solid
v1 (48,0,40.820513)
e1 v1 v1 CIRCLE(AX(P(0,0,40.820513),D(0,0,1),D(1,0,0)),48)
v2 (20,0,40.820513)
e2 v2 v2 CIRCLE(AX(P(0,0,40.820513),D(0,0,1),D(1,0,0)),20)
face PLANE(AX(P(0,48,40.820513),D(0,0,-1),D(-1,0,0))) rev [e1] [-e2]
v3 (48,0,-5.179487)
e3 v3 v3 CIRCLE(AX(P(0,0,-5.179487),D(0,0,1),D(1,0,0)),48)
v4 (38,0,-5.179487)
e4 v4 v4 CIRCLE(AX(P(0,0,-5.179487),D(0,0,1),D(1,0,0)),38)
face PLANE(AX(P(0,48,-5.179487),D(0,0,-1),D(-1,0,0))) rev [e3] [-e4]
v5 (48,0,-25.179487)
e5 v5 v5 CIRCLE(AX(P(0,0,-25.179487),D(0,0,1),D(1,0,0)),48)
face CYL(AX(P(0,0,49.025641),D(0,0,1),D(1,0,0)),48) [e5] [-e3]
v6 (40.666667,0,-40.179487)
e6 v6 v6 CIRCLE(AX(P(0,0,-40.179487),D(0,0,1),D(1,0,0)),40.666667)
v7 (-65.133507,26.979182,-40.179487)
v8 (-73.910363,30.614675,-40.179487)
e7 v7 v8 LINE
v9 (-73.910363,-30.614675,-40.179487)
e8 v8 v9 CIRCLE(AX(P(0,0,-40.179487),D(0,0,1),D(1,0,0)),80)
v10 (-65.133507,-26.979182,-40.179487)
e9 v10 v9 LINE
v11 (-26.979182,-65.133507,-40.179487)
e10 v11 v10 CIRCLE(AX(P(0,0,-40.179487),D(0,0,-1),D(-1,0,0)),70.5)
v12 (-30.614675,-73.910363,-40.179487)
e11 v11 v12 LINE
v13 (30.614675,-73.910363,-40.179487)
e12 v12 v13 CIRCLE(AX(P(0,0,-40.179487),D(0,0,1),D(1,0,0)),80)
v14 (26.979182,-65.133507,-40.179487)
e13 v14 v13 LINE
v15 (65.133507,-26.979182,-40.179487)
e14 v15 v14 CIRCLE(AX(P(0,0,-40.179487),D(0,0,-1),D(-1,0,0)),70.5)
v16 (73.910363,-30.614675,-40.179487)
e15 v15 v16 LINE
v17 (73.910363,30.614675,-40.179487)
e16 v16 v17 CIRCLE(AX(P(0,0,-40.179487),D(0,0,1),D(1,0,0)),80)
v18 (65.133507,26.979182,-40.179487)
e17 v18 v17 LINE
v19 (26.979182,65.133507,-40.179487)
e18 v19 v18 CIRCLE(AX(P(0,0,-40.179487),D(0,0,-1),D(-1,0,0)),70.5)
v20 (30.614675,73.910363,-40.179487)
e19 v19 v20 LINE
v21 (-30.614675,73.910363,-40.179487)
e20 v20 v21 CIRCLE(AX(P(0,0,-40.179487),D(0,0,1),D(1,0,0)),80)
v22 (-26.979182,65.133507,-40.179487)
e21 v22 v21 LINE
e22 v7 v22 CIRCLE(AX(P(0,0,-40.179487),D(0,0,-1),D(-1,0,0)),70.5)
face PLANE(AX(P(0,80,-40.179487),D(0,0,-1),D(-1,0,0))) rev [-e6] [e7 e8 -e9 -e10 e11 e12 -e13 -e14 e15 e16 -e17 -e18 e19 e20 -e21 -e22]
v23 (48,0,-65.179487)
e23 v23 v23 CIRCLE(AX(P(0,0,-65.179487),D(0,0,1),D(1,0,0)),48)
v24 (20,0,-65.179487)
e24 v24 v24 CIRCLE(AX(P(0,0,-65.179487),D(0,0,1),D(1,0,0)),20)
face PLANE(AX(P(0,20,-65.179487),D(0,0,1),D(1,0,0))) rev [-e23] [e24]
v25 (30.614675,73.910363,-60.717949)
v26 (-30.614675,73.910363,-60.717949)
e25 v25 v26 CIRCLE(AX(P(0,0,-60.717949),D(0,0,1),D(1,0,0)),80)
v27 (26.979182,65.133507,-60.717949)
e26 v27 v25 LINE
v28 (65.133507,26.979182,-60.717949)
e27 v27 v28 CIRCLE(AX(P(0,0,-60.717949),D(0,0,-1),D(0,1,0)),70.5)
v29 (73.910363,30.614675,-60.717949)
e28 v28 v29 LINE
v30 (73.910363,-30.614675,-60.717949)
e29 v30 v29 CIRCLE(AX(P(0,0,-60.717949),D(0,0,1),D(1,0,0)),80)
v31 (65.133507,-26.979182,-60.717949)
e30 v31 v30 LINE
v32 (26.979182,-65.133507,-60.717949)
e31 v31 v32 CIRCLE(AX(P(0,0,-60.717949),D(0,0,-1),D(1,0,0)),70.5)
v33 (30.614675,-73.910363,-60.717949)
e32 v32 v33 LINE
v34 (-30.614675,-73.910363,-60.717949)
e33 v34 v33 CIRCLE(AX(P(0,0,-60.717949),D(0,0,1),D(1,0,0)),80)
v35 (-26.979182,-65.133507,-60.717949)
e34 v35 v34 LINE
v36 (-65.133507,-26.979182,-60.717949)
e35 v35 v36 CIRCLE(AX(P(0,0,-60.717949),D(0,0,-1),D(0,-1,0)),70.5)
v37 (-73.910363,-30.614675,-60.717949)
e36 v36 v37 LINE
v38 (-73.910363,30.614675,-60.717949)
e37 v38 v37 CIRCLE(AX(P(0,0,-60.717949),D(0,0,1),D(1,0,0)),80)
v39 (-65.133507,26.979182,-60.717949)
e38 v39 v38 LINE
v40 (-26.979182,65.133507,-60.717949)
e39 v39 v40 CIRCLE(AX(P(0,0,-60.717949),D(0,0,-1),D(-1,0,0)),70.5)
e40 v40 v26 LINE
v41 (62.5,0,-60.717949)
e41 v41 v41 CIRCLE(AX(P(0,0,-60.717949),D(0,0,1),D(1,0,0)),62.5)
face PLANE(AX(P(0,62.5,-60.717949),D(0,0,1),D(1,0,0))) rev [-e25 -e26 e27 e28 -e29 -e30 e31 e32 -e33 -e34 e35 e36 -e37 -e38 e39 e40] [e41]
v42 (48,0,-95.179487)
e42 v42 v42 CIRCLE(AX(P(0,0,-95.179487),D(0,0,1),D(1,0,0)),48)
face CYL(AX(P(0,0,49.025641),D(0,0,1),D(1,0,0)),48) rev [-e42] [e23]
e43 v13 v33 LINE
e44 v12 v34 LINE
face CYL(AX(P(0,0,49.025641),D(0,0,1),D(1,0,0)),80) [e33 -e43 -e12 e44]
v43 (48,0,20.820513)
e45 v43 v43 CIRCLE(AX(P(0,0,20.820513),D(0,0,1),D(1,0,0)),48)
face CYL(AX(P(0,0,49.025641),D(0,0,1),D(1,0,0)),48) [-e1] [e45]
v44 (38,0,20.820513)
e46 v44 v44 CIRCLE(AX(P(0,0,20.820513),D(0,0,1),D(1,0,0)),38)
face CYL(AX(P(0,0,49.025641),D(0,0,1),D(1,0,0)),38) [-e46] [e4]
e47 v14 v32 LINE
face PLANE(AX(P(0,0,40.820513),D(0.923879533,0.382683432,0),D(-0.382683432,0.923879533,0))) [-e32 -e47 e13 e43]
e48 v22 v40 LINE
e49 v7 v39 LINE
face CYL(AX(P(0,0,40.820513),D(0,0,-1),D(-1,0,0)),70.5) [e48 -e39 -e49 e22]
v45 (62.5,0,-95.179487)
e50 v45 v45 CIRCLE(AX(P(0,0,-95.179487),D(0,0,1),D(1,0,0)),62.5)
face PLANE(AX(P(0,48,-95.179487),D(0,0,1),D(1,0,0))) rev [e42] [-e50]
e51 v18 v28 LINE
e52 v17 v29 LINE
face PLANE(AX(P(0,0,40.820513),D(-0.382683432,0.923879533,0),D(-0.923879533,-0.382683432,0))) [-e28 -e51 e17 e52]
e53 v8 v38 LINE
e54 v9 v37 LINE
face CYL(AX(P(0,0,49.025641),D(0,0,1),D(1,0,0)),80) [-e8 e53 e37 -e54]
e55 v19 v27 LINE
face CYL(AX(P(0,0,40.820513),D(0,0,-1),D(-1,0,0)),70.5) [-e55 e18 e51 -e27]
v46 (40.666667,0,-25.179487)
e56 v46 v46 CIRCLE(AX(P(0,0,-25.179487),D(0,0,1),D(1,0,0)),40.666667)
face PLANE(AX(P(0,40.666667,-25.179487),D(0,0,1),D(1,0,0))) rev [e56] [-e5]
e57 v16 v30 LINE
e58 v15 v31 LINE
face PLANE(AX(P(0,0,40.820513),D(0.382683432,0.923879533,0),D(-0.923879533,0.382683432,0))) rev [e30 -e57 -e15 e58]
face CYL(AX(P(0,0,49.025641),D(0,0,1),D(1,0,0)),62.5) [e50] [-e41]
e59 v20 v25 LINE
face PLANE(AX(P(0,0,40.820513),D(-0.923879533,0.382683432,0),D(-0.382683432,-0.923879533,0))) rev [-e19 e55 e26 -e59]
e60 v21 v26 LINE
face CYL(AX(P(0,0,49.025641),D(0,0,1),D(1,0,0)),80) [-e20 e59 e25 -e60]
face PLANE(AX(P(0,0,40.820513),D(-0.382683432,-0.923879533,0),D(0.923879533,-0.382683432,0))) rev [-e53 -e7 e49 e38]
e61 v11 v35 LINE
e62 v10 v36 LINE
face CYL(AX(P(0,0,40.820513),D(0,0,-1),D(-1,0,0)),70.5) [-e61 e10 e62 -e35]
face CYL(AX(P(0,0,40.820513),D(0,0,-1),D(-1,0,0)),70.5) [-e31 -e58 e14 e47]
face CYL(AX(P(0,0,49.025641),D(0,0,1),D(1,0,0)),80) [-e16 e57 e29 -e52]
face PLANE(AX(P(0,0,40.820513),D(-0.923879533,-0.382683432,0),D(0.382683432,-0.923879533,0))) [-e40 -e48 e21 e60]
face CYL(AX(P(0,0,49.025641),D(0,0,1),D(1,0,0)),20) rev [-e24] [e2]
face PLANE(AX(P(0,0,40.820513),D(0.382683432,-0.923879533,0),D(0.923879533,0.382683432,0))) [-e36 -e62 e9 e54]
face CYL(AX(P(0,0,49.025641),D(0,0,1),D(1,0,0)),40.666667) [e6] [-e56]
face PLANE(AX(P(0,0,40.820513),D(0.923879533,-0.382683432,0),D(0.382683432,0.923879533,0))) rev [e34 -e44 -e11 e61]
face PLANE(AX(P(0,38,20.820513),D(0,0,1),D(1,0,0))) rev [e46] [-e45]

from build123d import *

# Parameters (mm, degrees)
TAGLIO_ESTRUSIONE1_DEPTH    = 153.019930179
RIPETIZIONECIRCOLARE1_COUNT = 4


with BuildPart() as part:
    # Schizzo1 → Rivoluzione1 (revolve)
    with BuildSketch(Plane(origin=(0, 0, 0), x_dir=(0, 0, -1), z_dir=(1, 0, 0)), mode=Mode.PRIVATE) as rivoluzione1_sk:
        Polygon((-40.820512821, 20), (65.179487179, 20), (65.179487179, 48), (95.179487179, 48), (95.179487179, 62.5), (60.717948718, 62.5), (60.717948718, 80), (40.179487179, 80), (40.179487179, 40.666666667), (25.179487179, 40.666666667), (25.179487179, 48), (5.179487179, 48), (5.179487179, 38), (-20.820512821, 38), (-20.820512821, 48), (-40.820512821, 48), align=None)
    revolve(rivoluzione1_sk.sketch.rotate(Axis((0, 0, 49.025641026), (0, 0, -1)), 90), axis=Axis((0, 0, 49.025641026), (0, 0, -1)))

    # Schizzo2 → Taglio-Estrusione1 (cut, through all)
    with BuildSketch(Plane(origin=(0, 0, -60.717948718), x_dir=(-1, 0, 0), z_dir=(0, 0, -1))):
        with BuildLine():
            ThreePointArc((26.979181982, 65.133507042), (49.851028074, 49.851028074), (65.133507042, 26.979181982))
            Line((65.133507042, 26.979181982), (73.910362601, 30.614674589))
            ThreePointArc((73.910362601, 30.614674589), (56.568542495, 56.568542495), (30.614674589, 73.910362601))
            Line((30.614674589, 73.910362601), (26.979181982, 65.133507042))
        make_face()
    taglio_estrusione1 = extrude(amount=-TAGLIO_ESTRUSIONE1_DEPTH, mode=Mode.SUBTRACT)

    # RipetizioneCircolare1: Taglio-Estrusione1 ×4 about axis
    ripetizionecircolare1_axis = Axis((0, 0, 49.025641026), (0, 0, 1))
    for i in range(1, RIPETIZIONECIRCOLARE1_COUNT):
        add(taglio_estrusione1.rotate(ripetizionecircolare1_axis, i * 360 / RIPETIZIONECIRCOLARE1_COUNT), mode=Mode.SUBTRACT)


solid = part.part
